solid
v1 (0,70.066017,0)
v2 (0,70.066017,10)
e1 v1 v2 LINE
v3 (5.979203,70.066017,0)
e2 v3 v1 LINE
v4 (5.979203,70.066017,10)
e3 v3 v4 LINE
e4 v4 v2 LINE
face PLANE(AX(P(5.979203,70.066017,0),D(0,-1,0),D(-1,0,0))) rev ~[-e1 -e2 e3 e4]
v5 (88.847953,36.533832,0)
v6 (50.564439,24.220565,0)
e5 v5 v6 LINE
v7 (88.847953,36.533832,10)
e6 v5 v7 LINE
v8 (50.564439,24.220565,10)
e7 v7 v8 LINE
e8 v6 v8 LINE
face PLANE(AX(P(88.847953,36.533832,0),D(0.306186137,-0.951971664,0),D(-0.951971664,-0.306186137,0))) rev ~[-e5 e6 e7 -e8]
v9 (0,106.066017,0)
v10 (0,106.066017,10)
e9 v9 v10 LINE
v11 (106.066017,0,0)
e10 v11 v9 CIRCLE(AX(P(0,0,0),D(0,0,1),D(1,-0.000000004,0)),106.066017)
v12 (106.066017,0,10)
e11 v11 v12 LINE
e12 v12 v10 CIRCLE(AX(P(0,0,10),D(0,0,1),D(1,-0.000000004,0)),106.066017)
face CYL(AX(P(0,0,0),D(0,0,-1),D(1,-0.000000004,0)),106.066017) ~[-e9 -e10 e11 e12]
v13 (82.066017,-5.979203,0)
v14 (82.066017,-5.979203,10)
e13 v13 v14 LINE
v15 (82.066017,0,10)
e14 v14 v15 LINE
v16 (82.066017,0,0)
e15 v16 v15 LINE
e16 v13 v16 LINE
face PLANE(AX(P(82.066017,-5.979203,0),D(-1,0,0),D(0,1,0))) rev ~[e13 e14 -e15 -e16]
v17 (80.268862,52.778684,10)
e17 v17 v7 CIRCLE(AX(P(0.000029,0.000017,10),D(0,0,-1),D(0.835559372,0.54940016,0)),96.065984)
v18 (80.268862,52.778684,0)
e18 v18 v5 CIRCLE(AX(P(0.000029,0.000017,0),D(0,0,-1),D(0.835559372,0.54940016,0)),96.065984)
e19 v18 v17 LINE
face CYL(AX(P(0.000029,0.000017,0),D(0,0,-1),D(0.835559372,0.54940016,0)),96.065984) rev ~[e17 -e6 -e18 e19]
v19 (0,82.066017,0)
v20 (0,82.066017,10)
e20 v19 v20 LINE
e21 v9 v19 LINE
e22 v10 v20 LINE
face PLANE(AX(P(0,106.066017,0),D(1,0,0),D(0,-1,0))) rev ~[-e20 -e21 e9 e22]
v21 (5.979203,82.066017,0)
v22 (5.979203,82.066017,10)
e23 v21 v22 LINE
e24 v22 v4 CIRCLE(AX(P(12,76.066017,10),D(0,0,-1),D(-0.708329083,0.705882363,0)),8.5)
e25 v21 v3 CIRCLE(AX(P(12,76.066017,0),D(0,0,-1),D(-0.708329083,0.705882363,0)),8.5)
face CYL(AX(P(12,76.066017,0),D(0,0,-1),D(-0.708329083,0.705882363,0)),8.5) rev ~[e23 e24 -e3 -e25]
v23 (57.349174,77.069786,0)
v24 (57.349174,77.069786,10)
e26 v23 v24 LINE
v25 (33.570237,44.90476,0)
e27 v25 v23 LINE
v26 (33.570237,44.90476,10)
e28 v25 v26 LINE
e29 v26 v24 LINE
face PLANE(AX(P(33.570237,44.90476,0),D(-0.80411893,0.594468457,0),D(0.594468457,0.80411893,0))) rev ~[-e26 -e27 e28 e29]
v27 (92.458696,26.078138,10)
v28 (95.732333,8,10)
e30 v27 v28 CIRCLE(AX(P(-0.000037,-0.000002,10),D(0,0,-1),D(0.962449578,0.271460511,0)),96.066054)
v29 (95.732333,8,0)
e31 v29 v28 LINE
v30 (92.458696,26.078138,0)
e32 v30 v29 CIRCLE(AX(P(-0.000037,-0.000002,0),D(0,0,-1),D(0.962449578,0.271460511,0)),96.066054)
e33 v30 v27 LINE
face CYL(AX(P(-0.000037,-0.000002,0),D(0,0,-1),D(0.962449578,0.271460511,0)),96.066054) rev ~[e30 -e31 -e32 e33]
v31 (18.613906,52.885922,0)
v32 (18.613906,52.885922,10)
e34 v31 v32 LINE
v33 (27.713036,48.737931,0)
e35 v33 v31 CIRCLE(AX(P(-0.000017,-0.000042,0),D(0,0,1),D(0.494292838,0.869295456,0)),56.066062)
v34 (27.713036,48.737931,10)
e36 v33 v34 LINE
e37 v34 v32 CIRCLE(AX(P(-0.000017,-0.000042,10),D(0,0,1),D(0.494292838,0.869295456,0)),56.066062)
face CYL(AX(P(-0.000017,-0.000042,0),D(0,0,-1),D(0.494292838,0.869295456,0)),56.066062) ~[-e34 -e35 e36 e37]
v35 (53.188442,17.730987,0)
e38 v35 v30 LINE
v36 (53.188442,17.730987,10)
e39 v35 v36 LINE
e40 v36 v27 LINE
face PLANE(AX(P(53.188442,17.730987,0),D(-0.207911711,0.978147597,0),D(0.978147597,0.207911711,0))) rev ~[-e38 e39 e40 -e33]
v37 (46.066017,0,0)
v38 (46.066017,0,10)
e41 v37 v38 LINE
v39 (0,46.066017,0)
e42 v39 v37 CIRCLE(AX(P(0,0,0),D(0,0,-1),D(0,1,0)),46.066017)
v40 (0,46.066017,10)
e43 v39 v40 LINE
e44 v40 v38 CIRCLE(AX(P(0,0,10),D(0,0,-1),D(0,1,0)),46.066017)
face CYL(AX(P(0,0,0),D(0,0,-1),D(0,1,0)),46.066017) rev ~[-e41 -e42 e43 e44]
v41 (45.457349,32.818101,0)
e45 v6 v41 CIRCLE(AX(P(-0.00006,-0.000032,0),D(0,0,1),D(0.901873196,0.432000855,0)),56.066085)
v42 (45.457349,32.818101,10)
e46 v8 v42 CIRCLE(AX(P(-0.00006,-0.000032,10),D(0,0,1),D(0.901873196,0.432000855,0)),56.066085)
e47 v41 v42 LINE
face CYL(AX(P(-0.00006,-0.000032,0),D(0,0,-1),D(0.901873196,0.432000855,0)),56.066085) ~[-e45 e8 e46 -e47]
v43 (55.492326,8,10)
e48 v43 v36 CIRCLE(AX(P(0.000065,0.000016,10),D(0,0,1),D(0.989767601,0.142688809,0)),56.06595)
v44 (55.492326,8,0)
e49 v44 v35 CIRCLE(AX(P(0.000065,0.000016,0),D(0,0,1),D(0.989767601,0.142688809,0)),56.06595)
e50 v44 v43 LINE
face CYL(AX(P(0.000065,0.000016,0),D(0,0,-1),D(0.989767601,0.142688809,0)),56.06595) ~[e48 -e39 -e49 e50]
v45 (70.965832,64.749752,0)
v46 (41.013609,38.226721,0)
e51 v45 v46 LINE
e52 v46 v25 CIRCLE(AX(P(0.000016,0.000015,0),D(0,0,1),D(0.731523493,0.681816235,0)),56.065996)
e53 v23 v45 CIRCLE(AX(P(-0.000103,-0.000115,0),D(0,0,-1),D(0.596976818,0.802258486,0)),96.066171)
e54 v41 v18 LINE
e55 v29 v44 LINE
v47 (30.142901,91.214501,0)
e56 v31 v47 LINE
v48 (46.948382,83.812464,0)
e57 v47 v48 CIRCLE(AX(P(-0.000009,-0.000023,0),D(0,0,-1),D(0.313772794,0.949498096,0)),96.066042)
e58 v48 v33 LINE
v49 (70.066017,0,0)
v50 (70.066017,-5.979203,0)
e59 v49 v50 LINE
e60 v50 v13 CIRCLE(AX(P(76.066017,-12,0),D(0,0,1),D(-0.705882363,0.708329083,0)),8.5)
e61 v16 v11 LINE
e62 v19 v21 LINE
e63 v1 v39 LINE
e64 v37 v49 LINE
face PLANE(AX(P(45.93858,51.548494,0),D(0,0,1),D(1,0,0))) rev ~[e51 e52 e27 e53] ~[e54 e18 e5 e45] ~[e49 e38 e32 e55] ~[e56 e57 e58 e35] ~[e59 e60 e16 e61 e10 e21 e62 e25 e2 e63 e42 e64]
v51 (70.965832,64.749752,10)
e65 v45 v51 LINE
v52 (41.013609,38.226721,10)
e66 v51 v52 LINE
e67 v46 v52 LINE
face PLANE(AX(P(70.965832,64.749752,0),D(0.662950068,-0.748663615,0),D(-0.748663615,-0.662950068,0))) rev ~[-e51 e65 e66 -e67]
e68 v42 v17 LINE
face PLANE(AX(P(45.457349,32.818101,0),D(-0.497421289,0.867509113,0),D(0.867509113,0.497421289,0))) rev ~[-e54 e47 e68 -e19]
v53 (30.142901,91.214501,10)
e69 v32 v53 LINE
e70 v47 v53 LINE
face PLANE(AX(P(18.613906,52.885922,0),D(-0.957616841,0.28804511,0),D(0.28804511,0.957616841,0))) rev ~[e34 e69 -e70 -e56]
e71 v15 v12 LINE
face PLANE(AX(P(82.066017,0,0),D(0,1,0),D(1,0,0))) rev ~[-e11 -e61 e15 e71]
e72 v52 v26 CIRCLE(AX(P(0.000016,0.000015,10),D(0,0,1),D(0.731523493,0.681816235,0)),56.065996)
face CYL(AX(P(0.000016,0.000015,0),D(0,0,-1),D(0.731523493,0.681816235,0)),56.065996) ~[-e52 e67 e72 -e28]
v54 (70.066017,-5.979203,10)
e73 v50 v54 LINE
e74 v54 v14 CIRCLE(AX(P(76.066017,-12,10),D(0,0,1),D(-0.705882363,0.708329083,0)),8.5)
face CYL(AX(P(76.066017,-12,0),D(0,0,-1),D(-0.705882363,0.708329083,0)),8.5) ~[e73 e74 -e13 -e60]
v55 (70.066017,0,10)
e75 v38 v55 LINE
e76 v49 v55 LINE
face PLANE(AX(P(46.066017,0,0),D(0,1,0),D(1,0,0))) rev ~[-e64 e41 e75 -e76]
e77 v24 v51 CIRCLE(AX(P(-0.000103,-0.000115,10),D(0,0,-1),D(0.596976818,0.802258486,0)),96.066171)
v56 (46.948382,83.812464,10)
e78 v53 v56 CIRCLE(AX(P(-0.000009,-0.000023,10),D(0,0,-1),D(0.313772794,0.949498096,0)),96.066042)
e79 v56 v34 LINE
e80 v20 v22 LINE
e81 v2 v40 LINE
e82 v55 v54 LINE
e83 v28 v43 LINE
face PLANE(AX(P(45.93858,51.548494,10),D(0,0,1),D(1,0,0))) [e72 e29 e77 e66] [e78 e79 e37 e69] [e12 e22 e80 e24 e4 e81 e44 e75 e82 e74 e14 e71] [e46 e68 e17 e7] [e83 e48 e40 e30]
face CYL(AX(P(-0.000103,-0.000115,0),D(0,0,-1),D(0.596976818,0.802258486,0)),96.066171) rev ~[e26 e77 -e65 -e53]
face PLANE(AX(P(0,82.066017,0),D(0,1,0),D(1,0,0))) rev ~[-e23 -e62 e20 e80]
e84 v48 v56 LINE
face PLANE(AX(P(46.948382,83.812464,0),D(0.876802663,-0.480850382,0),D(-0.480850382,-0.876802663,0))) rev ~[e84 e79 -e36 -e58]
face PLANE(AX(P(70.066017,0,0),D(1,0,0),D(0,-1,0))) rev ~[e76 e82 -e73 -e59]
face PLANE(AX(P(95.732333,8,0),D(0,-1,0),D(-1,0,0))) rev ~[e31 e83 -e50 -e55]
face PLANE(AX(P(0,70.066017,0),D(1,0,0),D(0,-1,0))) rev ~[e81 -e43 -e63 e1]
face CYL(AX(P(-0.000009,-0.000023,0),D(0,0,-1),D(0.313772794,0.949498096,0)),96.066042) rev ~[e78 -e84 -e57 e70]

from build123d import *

# Parameters (mm, degrees)
F1_DEPTH = 10


with BuildPart() as f1:
    # F0 (on Top) → F1 (new body)
    with BuildSketch(Plane.XY):
        with BuildLine():
            Line((96.066017, 0), (106.066017, 0))
            ThreePointArc((106.066017, 0), (75, 75), (0, 106.066017))
            Line((0, 106.066017), (0, 82.066017))
            Line((0, 82.066017), (5.979203, 82.066017))
            ThreePointArc((5.979203, 82.066017), (20.5, 76.066017), (5.979203, 70.066017))
            Line((5.979203, 70.066017), (0, 70.066017))
            Line((0, 70.066017), (0, 46.066017))
            ThreePointArc((0, 46.066017), (32.573593, 32.573593), (46.066017, 0))
            Line((46.066017, 0), (56.066017, 0))
            Line((56.066017, 0), (70.066017, 0))
            Line((70.066017, 0), (82.066017, 0))
            Line((82.066017, 0), (96.066017, 0))
        make_face()
        with BuildLine():
            ThreePointArc((92.458696, 26.078138), (94.528676, 17.117507), (95.732333, 8))
            Line((95.732333, 8), (55.492326, 8))
            ThreePointArc((55.492326, 8), (54.557771, 12.916962), (53.188442, 17.730987))
            Line((53.188442, 17.730987), (92.458696, 26.078138))
        make_face(mode=Mode.SUBTRACT)
        with BuildLine():
            Line((88.847953, 36.533832), (50.564439, 24.220565))
            ThreePointArc((50.564439, 24.220565), (48.20296, 28.633423), (45.457349, 32.818101))
            Line((45.457349, 32.818101), (80.268862, 52.778684))
            ThreePointArc((80.268862, 52.778684), (84.94762, 44.861805), (88.847953, 36.533832))
        make_face(mode=Mode.SUBTRACT)
        with BuildLine():
            Line((70.965832, 64.749752), (41.013609, 38.226721))
            ThreePointArc((41.013609, 38.226721), (37.441108, 41.732023), (33.570237, 44.90476))
            Line((33.570237, 44.90476), (57.349174, 77.069786))
            ThreePointArc((57.349174, 77.069786), (64.452548, 71.235866), (70.965832, 64.749752))
        make_face(mode=Mode.SUBTRACT)
        with BuildLine():
            Line((46.948382, 83.812464), (27.713036, 48.737931))
            ThreePointArc((27.713036, 48.737931), (23.256135, 51.015198), (18.613906, 52.885922))
            Line((18.613906, 52.885922), (30.142901, 91.214501))
            ThreePointArc((30.142901, 91.214501), (38.722913, 87.915958), (46.948382, 83.812464))
        make_face(mode=Mode.SUBTRACT)
        with BuildLine():
            Line((82.066017, -5.979203), (82.066017, 0))
            Line((82.066017, 0), (70.066017, 0))
            Line((70.066017, 0), (70.066017, -5.979203))
            ThreePointArc((70.066017, -5.979203), (76.066017, -20.5), (82.066017, -5.979203))
        make_face()
    extrude(amount=F1_DEPTH)


solid = f1.part
